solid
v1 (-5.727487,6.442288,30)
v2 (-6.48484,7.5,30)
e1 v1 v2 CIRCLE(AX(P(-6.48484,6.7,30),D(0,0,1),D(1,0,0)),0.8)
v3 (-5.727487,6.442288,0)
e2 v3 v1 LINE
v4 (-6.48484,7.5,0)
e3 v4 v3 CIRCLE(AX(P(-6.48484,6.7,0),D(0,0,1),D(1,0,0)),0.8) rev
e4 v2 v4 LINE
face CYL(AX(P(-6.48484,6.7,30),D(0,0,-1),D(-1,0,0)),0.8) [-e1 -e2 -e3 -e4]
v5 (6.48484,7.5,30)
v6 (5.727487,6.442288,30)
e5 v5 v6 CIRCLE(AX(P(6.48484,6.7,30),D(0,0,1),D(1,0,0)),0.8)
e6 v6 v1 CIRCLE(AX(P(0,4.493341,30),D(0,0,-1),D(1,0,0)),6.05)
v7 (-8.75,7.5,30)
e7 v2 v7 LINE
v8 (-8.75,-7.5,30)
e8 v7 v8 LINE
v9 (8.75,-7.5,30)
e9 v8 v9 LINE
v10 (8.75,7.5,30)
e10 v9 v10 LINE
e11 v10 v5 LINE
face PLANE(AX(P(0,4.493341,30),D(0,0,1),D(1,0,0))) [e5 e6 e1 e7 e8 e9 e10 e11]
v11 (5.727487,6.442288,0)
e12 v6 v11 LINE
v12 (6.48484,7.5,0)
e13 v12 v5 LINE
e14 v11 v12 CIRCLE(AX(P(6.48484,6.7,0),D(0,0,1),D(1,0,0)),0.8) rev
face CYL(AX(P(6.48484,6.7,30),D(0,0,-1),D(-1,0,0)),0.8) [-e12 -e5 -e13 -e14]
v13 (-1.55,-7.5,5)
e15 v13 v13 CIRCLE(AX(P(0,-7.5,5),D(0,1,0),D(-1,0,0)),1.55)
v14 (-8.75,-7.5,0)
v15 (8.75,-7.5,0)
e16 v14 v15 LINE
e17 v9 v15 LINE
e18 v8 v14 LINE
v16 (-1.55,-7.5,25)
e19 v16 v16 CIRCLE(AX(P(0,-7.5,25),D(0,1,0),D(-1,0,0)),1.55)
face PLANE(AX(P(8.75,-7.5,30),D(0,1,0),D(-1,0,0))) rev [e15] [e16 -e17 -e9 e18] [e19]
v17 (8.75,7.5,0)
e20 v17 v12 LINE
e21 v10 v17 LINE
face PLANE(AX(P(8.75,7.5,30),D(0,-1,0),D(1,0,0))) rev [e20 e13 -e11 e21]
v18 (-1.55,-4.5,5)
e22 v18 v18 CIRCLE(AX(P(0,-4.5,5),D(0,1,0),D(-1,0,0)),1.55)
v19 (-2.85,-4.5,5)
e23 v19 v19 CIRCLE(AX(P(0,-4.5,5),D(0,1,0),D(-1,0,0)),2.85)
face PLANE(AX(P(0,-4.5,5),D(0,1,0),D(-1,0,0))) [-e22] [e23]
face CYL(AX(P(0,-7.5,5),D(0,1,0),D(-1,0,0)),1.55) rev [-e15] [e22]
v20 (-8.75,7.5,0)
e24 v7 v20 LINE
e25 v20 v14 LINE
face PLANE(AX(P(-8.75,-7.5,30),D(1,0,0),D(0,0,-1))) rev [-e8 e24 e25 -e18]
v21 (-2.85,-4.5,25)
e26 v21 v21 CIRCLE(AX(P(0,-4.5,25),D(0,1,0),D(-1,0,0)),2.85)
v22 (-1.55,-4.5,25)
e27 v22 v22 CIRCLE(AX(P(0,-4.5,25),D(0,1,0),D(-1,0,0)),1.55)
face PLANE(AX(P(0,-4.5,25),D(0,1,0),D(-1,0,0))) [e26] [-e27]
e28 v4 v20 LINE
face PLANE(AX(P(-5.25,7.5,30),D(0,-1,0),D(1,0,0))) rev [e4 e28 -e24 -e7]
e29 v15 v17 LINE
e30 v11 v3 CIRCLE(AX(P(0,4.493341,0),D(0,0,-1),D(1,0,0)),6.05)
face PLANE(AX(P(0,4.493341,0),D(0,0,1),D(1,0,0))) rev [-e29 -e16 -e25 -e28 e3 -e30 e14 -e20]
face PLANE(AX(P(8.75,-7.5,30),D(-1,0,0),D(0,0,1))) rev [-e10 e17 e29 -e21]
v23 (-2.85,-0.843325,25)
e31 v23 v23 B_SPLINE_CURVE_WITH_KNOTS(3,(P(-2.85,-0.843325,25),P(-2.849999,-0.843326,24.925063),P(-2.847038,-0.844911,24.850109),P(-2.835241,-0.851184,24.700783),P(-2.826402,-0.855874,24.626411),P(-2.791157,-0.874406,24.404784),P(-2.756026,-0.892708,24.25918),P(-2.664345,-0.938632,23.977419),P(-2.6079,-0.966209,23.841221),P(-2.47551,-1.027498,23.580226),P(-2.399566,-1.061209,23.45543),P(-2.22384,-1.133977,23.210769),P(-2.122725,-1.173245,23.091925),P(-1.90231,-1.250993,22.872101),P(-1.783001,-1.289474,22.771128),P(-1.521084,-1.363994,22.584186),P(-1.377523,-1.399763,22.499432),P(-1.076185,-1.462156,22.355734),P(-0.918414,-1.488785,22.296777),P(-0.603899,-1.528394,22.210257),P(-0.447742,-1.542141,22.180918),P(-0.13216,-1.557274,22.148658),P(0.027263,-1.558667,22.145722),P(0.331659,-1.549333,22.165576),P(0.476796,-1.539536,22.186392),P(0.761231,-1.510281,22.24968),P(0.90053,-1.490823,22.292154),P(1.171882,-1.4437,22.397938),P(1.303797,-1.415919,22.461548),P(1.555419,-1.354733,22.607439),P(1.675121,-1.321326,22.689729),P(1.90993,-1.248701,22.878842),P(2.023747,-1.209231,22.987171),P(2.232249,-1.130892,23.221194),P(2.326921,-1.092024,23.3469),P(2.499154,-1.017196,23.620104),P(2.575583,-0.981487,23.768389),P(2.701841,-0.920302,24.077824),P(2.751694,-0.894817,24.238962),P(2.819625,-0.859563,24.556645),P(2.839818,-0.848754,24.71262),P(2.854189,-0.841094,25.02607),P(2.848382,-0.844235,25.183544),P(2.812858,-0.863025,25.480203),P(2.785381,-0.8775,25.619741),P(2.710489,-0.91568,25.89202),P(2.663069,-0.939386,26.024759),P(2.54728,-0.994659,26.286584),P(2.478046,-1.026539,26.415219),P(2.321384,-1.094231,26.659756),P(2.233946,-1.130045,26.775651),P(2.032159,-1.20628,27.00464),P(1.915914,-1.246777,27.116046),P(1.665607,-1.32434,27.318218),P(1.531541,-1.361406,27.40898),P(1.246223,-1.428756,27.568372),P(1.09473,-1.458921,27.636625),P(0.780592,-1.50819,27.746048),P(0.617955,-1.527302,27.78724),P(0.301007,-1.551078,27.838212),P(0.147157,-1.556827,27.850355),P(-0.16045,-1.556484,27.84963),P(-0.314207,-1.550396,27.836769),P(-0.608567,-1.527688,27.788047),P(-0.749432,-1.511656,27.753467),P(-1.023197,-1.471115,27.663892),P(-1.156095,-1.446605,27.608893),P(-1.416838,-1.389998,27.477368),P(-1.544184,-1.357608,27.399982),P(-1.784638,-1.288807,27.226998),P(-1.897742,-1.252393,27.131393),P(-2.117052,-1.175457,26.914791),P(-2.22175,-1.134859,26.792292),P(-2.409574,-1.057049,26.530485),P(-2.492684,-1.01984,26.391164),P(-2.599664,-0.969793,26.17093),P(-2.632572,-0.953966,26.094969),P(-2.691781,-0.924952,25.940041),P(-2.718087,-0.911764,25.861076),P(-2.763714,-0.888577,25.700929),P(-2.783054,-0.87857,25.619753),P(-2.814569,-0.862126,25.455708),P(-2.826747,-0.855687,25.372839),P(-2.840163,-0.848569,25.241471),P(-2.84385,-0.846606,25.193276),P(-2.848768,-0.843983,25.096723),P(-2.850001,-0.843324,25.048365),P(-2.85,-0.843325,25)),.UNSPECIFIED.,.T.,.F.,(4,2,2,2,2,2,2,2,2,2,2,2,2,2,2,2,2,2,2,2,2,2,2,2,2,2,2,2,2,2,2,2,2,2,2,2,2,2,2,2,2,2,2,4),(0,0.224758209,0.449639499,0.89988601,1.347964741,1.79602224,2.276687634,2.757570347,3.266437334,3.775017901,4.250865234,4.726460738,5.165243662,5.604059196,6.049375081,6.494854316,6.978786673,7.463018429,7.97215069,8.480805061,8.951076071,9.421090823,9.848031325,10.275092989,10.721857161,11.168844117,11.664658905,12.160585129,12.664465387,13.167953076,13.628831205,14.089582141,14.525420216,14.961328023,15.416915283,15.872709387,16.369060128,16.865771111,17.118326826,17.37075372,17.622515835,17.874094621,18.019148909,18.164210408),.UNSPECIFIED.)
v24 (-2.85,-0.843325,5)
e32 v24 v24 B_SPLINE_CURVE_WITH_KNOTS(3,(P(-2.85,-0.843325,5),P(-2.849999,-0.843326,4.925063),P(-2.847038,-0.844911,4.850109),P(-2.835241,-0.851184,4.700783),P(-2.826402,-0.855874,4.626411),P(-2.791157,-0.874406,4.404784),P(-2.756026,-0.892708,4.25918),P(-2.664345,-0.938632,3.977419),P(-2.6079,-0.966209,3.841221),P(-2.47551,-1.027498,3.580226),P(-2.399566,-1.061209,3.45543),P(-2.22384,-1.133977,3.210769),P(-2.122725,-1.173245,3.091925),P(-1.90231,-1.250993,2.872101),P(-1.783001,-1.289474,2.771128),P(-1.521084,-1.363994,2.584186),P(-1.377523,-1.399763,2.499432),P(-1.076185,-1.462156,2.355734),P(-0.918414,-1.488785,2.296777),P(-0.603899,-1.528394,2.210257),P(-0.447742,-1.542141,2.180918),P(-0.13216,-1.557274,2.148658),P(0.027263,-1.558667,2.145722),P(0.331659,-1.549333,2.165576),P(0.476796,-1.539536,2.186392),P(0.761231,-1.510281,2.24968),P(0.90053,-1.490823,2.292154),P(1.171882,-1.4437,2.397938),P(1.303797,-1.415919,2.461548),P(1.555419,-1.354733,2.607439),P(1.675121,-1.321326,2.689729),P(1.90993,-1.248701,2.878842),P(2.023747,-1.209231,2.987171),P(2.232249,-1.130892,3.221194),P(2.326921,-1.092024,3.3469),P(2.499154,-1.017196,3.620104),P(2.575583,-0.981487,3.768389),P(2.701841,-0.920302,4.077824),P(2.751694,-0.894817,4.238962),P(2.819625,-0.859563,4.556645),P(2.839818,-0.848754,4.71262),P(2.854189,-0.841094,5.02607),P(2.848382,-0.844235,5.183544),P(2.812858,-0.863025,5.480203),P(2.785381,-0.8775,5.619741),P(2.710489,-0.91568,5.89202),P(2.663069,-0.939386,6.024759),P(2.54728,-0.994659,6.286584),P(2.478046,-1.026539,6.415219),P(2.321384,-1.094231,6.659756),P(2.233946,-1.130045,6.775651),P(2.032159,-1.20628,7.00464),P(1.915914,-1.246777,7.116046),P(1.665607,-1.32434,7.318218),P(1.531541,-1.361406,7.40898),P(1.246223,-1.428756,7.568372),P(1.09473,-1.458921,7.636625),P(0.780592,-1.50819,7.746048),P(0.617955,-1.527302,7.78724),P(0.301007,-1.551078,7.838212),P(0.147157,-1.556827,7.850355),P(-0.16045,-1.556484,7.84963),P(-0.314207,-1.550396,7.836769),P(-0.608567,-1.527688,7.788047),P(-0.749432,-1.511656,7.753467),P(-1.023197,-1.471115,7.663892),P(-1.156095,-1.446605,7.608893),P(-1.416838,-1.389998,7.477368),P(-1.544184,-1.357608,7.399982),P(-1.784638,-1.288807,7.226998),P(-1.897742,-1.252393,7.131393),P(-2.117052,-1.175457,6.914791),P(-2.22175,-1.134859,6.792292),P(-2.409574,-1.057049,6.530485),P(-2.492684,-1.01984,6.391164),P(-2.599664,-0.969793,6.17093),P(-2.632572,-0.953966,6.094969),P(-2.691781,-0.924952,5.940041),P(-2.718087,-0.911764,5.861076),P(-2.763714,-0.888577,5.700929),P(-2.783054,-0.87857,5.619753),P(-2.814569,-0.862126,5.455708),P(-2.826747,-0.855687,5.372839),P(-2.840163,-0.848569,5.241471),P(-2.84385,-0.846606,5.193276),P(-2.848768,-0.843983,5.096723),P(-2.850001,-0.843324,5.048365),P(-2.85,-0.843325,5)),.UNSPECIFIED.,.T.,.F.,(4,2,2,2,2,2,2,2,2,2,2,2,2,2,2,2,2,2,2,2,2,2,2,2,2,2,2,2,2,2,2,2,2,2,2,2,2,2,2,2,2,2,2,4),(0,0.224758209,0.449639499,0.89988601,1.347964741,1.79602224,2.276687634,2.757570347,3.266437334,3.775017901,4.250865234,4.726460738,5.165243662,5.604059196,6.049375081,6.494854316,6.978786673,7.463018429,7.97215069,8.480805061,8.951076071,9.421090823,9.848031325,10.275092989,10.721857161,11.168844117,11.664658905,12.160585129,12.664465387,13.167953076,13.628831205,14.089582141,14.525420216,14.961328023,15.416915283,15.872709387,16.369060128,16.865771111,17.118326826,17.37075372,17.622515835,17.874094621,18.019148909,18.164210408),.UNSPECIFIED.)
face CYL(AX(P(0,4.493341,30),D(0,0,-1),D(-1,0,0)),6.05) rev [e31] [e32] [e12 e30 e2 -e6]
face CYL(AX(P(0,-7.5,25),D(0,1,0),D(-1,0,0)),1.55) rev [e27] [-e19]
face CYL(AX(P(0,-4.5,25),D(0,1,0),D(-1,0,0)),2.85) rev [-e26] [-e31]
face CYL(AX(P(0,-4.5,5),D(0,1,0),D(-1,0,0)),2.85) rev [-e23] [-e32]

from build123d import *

# Parameters (mm, degrees)
BOSS_EXTRUDE1_DEPTH = 30
FILLET1_R           = 0.8
SKETCH3_R           = 2.85
CUT_EXTRUDE1_DEPTH  = 12
SKETCH4_R           = 1.55
CUT_EXTRUDE2_DEPTH  = 35.663561646


with BuildPart() as part:
    # Sketch1 → Boss-Extrude1 (new body)
    with BuildSketch(Plane.XY):
        with BuildLine():
            Line((-5.25, 7.5), (-8.75, 7.5))
            Line((-8.75, 7.5), (-8.75, -7.5))
            Line((-8.75, -7.5), (8.75, -7.5))
            Line((8.75, -7.5), (8.75, 7.5))
            Line((8.75, 7.5), (5.25, 7.5))
            ThreePointArc((5.25, 7.5), (0, -1.556659276), (-5.25, 7.5))
        make_face()
    extrude(amount=BOSS_EXTRUDE1_DEPTH)

    # Fillet1
    fillet1_edges = [part.edges().sort_by_distance(p)[0] for p in [
        (-5.25, 7.5, 15),
        (5.25, 7.5, 15),
    ]]
    fillet(fillet1_edges, radius=FILLET1_R)

    # Sketch3 → Cut-Extrude1 (cut)
    with BuildSketch(Plane(origin=(0, 7.5, 0), x_dir=(1, 0, 0), z_dir=(0, 1, 0))):
        with Locations(Location((0, -5, 0), (0, 0, 180))):
            Circle(SKETCH3_R)
        with Locations(Location((0, -25, 0), (0, 0, 180))):
            Circle(SKETCH3_R)
    extrude(amount=-CUT_EXTRUDE1_DEPTH, mode=Mode.SUBTRACT)

    # Sketch4 → Cut-Extrude2 (cut, through all)
    with BuildSketch(Plane(origin=(0, 7.5, 0), x_dir=(1, 0, 0), z_dir=(0, 1, 0))):
        with Locations(Location((0, -5, 0), (0, 0, 180))):
            Circle(SKETCH4_R)
        with Locations(Location((0, -25, 0), (0, 0, 180))):
            Circle(SKETCH4_R)
    extrude(amount=-CUT_EXTRUDE2_DEPTH, mode=Mode.SUBTRACT)


solid = part.part
